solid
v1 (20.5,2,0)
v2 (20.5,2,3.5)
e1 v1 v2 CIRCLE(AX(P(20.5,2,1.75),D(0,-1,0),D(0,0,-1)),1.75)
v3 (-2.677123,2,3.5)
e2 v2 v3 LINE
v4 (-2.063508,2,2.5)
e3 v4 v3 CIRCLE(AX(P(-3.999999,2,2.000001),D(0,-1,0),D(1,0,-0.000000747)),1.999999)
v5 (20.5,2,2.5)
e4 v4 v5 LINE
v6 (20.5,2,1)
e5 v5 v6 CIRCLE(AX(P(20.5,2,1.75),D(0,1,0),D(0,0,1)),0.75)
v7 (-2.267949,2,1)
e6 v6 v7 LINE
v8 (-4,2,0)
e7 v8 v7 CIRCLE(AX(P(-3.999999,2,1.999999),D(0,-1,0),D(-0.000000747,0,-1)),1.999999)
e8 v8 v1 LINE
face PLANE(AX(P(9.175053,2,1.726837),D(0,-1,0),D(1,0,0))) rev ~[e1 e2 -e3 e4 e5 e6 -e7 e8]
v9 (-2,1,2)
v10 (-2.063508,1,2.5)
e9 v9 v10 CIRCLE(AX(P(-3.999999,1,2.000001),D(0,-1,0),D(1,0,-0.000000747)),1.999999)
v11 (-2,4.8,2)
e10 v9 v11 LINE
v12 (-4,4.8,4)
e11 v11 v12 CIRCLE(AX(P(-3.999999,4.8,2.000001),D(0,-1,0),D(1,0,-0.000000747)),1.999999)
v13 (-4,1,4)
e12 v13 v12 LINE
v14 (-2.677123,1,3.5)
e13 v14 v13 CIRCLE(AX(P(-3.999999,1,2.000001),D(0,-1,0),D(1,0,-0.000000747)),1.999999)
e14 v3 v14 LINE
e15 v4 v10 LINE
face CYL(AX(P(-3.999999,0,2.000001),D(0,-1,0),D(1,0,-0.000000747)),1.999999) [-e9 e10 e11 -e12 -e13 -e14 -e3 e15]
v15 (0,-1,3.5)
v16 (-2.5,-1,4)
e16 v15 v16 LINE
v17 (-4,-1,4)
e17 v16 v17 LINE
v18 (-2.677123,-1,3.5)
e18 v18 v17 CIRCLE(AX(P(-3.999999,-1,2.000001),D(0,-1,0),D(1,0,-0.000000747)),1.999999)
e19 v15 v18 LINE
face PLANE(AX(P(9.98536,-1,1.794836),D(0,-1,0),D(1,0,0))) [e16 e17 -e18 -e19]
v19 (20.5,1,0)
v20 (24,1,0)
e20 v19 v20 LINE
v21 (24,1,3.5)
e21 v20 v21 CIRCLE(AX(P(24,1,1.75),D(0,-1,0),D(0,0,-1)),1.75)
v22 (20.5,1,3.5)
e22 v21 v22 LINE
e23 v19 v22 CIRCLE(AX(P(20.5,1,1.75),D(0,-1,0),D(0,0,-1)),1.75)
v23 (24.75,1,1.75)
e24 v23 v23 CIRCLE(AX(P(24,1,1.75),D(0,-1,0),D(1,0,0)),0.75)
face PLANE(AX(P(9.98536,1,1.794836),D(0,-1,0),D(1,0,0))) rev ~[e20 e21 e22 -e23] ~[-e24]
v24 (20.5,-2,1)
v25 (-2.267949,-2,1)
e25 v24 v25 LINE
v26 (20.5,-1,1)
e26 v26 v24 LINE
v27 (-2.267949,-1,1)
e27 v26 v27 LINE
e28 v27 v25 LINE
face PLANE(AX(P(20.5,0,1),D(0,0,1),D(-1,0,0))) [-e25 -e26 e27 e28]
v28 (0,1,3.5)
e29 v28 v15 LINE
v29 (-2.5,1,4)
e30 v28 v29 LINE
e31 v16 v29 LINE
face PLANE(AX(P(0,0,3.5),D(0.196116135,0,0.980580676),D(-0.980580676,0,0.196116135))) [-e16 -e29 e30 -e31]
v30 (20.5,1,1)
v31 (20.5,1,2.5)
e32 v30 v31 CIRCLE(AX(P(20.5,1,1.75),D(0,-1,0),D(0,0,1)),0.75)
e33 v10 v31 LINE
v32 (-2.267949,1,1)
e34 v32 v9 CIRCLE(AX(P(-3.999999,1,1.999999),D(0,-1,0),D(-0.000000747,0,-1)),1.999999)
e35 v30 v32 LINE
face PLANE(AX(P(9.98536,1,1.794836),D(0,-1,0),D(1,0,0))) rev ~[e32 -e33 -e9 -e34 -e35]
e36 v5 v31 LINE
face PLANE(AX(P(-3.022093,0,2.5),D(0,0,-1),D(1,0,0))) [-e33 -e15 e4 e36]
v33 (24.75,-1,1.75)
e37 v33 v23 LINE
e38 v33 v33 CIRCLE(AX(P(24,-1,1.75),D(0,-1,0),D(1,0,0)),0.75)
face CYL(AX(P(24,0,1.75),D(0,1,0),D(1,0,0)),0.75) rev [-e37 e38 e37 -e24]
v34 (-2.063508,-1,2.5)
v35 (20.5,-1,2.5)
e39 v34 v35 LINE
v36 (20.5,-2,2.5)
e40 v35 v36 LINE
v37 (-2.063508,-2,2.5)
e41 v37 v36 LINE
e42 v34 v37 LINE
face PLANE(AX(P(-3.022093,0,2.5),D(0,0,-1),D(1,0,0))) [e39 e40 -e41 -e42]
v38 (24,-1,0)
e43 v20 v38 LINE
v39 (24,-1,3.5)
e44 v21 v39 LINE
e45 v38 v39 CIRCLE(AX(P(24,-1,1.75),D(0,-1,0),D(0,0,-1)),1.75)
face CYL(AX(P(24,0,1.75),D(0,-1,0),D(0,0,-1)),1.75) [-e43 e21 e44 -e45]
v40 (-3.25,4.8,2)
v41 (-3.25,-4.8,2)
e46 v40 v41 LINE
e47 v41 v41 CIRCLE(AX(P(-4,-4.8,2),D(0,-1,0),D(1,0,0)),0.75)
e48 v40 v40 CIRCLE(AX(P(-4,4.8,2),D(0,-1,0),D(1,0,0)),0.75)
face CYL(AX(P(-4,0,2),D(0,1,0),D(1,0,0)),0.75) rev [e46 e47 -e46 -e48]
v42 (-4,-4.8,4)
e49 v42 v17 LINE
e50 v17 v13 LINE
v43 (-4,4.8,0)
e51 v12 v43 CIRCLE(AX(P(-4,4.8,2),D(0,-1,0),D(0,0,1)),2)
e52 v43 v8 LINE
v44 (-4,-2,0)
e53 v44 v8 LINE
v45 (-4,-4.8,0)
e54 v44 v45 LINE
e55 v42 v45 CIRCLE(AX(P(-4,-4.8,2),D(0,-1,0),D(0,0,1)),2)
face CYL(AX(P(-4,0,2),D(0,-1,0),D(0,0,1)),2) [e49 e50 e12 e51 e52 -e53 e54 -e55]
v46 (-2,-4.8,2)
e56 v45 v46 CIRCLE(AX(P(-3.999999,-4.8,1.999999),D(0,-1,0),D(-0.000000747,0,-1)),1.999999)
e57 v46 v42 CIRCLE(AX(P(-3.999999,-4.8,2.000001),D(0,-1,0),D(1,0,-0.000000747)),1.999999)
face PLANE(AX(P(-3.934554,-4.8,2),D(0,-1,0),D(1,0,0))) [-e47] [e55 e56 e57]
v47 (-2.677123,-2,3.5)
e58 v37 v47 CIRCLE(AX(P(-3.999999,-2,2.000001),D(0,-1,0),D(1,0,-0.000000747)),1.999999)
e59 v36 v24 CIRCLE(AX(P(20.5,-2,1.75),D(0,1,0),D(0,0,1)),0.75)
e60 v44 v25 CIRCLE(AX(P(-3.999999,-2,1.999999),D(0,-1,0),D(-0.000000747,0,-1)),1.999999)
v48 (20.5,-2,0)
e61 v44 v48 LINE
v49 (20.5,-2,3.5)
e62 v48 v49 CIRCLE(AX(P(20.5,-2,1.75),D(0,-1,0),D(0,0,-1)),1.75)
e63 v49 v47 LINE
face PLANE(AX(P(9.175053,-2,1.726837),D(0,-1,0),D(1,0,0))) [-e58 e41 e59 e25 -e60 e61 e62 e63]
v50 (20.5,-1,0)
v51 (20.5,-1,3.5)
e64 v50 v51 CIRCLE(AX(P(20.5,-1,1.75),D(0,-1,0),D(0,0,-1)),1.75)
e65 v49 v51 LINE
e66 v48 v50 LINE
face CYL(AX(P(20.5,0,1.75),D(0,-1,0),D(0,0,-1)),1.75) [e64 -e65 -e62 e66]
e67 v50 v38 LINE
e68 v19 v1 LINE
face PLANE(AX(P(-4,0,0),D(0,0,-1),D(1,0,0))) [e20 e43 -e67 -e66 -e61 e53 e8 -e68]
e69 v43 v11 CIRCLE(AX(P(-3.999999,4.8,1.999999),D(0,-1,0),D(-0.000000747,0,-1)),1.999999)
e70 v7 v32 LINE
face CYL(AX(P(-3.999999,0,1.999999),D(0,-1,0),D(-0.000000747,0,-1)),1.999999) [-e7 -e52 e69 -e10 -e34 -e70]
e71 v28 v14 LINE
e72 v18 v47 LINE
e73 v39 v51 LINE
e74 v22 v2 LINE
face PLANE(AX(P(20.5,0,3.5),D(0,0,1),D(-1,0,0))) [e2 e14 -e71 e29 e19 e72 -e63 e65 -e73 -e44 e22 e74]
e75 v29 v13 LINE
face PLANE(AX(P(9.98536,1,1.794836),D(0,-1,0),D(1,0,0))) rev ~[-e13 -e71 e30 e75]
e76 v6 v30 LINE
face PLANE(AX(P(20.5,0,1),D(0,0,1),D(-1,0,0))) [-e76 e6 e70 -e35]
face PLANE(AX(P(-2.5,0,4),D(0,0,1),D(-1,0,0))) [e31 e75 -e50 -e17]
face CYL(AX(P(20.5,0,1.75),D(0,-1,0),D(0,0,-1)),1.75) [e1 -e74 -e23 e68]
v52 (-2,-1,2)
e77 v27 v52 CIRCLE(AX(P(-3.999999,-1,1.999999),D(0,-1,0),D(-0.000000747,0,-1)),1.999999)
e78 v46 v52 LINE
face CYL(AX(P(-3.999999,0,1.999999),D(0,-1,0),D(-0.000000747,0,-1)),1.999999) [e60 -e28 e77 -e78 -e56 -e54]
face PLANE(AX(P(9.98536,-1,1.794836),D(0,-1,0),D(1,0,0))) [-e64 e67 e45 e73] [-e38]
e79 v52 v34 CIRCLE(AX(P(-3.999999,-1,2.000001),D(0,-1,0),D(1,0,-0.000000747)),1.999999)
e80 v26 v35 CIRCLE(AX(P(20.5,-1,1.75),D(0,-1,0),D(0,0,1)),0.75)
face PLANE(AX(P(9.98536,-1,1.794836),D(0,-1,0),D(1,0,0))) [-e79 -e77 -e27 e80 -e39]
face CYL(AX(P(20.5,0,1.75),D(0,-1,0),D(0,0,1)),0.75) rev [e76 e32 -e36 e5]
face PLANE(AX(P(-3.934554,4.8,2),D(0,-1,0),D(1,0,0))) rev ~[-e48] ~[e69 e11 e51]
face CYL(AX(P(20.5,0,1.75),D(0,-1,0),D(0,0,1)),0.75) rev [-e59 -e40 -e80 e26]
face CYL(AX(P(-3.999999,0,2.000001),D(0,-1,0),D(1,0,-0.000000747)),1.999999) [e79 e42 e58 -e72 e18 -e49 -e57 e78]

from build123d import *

# Parameters (mm, degrees)
F0_R     = 0.75
F1_DEPTH = 1
F2_DEPTH = 4.8
F4_DEPTH = 2


with BuildPart() as f1:
    # F0 (on Front) → F1 (new body, symmetric)
    with BuildSketch(Plane.XZ):
        with BuildLine():
            Line((-4, 0), (0, 0))
            Line((0, 0), (24, 0))
            ThreePointArc((24, 0), (25.75, 1.75), (24, 3.5))
            Line((24, 3.5), (0, 3.5))
            Line((0, 3.5), (-2.5, 4))
            Line((-2.5, 4), (-4, 4))
            ThreePointArc((-4, 4), (-2.585786, 3.414214), (-2, 2))
            ThreePointArc((-2, 2), (-2.585786, 0.585786), (-4, 0))
        make_face()
        with Locations((24, 1.75)):
            Circle(F0_R, mode=Mode.SUBTRACT)
        with BuildLine():
            ThreePointArc((-4, 4), (-6, 2), (-4, 0))
            ThreePointArc((-4, 0), (-2.585786, 0.585786), (-2, 2))
            ThreePointArc((-2, 2), (-2.585786, 3.414214), (-4, 4))
        make_face()
        with Locations((-4, 2)):
            Circle(F0_R, mode=Mode.SUBTRACT)
    extrude(amount=F1_DEPTH, both=True)

    # F0 (on Front) → F2 (join, symmetric)
    with BuildSketch(Plane.XZ):
        with BuildLine():
            ThreePointArc((-4, 4), (-6, 2), (-4, 0))
            ThreePointArc((-4, 0), (-2.585786, 0.585786), (-2, 2))
            ThreePointArc((-2, 2), (-2.585786, 3.414214), (-4, 4))
        make_face()
        with Locations((-4, 2)):
            Circle(F0_R, mode=Mode.SUBTRACT)
    extrude(amount=F2_DEPTH, both=True)

    # F3 (on Front) → F4 (join, symmetric)
    with BuildSketch(Plane.XZ):
        with BuildLine():
            Line((20.5, 3.5), (0, 3.5))
            Line((0, 3.5), (-3.022093, 3.5))
            Line((-3.022093, 3.5), (-3.022093, 2.5))
            Line((-3.022093, 2.5), (0, 2.5))
            Line((0, 2.5), (20.5, 2.5))
            ThreePointArc((20.5, 2.5), (21.25, 1.75), (20.5, 1))
            Line((20.5, 1), (-4, 1))
            Line((-4, 1), (-4, 0))
            Line((-4, 0), (20.5, 0))
            ThreePointArc((20.5, 0), (22.25, 1.75), (20.5, 3.5))
        make_face()
    extrude(amount=F4_DEPTH, both=True)


solid = f1.part
